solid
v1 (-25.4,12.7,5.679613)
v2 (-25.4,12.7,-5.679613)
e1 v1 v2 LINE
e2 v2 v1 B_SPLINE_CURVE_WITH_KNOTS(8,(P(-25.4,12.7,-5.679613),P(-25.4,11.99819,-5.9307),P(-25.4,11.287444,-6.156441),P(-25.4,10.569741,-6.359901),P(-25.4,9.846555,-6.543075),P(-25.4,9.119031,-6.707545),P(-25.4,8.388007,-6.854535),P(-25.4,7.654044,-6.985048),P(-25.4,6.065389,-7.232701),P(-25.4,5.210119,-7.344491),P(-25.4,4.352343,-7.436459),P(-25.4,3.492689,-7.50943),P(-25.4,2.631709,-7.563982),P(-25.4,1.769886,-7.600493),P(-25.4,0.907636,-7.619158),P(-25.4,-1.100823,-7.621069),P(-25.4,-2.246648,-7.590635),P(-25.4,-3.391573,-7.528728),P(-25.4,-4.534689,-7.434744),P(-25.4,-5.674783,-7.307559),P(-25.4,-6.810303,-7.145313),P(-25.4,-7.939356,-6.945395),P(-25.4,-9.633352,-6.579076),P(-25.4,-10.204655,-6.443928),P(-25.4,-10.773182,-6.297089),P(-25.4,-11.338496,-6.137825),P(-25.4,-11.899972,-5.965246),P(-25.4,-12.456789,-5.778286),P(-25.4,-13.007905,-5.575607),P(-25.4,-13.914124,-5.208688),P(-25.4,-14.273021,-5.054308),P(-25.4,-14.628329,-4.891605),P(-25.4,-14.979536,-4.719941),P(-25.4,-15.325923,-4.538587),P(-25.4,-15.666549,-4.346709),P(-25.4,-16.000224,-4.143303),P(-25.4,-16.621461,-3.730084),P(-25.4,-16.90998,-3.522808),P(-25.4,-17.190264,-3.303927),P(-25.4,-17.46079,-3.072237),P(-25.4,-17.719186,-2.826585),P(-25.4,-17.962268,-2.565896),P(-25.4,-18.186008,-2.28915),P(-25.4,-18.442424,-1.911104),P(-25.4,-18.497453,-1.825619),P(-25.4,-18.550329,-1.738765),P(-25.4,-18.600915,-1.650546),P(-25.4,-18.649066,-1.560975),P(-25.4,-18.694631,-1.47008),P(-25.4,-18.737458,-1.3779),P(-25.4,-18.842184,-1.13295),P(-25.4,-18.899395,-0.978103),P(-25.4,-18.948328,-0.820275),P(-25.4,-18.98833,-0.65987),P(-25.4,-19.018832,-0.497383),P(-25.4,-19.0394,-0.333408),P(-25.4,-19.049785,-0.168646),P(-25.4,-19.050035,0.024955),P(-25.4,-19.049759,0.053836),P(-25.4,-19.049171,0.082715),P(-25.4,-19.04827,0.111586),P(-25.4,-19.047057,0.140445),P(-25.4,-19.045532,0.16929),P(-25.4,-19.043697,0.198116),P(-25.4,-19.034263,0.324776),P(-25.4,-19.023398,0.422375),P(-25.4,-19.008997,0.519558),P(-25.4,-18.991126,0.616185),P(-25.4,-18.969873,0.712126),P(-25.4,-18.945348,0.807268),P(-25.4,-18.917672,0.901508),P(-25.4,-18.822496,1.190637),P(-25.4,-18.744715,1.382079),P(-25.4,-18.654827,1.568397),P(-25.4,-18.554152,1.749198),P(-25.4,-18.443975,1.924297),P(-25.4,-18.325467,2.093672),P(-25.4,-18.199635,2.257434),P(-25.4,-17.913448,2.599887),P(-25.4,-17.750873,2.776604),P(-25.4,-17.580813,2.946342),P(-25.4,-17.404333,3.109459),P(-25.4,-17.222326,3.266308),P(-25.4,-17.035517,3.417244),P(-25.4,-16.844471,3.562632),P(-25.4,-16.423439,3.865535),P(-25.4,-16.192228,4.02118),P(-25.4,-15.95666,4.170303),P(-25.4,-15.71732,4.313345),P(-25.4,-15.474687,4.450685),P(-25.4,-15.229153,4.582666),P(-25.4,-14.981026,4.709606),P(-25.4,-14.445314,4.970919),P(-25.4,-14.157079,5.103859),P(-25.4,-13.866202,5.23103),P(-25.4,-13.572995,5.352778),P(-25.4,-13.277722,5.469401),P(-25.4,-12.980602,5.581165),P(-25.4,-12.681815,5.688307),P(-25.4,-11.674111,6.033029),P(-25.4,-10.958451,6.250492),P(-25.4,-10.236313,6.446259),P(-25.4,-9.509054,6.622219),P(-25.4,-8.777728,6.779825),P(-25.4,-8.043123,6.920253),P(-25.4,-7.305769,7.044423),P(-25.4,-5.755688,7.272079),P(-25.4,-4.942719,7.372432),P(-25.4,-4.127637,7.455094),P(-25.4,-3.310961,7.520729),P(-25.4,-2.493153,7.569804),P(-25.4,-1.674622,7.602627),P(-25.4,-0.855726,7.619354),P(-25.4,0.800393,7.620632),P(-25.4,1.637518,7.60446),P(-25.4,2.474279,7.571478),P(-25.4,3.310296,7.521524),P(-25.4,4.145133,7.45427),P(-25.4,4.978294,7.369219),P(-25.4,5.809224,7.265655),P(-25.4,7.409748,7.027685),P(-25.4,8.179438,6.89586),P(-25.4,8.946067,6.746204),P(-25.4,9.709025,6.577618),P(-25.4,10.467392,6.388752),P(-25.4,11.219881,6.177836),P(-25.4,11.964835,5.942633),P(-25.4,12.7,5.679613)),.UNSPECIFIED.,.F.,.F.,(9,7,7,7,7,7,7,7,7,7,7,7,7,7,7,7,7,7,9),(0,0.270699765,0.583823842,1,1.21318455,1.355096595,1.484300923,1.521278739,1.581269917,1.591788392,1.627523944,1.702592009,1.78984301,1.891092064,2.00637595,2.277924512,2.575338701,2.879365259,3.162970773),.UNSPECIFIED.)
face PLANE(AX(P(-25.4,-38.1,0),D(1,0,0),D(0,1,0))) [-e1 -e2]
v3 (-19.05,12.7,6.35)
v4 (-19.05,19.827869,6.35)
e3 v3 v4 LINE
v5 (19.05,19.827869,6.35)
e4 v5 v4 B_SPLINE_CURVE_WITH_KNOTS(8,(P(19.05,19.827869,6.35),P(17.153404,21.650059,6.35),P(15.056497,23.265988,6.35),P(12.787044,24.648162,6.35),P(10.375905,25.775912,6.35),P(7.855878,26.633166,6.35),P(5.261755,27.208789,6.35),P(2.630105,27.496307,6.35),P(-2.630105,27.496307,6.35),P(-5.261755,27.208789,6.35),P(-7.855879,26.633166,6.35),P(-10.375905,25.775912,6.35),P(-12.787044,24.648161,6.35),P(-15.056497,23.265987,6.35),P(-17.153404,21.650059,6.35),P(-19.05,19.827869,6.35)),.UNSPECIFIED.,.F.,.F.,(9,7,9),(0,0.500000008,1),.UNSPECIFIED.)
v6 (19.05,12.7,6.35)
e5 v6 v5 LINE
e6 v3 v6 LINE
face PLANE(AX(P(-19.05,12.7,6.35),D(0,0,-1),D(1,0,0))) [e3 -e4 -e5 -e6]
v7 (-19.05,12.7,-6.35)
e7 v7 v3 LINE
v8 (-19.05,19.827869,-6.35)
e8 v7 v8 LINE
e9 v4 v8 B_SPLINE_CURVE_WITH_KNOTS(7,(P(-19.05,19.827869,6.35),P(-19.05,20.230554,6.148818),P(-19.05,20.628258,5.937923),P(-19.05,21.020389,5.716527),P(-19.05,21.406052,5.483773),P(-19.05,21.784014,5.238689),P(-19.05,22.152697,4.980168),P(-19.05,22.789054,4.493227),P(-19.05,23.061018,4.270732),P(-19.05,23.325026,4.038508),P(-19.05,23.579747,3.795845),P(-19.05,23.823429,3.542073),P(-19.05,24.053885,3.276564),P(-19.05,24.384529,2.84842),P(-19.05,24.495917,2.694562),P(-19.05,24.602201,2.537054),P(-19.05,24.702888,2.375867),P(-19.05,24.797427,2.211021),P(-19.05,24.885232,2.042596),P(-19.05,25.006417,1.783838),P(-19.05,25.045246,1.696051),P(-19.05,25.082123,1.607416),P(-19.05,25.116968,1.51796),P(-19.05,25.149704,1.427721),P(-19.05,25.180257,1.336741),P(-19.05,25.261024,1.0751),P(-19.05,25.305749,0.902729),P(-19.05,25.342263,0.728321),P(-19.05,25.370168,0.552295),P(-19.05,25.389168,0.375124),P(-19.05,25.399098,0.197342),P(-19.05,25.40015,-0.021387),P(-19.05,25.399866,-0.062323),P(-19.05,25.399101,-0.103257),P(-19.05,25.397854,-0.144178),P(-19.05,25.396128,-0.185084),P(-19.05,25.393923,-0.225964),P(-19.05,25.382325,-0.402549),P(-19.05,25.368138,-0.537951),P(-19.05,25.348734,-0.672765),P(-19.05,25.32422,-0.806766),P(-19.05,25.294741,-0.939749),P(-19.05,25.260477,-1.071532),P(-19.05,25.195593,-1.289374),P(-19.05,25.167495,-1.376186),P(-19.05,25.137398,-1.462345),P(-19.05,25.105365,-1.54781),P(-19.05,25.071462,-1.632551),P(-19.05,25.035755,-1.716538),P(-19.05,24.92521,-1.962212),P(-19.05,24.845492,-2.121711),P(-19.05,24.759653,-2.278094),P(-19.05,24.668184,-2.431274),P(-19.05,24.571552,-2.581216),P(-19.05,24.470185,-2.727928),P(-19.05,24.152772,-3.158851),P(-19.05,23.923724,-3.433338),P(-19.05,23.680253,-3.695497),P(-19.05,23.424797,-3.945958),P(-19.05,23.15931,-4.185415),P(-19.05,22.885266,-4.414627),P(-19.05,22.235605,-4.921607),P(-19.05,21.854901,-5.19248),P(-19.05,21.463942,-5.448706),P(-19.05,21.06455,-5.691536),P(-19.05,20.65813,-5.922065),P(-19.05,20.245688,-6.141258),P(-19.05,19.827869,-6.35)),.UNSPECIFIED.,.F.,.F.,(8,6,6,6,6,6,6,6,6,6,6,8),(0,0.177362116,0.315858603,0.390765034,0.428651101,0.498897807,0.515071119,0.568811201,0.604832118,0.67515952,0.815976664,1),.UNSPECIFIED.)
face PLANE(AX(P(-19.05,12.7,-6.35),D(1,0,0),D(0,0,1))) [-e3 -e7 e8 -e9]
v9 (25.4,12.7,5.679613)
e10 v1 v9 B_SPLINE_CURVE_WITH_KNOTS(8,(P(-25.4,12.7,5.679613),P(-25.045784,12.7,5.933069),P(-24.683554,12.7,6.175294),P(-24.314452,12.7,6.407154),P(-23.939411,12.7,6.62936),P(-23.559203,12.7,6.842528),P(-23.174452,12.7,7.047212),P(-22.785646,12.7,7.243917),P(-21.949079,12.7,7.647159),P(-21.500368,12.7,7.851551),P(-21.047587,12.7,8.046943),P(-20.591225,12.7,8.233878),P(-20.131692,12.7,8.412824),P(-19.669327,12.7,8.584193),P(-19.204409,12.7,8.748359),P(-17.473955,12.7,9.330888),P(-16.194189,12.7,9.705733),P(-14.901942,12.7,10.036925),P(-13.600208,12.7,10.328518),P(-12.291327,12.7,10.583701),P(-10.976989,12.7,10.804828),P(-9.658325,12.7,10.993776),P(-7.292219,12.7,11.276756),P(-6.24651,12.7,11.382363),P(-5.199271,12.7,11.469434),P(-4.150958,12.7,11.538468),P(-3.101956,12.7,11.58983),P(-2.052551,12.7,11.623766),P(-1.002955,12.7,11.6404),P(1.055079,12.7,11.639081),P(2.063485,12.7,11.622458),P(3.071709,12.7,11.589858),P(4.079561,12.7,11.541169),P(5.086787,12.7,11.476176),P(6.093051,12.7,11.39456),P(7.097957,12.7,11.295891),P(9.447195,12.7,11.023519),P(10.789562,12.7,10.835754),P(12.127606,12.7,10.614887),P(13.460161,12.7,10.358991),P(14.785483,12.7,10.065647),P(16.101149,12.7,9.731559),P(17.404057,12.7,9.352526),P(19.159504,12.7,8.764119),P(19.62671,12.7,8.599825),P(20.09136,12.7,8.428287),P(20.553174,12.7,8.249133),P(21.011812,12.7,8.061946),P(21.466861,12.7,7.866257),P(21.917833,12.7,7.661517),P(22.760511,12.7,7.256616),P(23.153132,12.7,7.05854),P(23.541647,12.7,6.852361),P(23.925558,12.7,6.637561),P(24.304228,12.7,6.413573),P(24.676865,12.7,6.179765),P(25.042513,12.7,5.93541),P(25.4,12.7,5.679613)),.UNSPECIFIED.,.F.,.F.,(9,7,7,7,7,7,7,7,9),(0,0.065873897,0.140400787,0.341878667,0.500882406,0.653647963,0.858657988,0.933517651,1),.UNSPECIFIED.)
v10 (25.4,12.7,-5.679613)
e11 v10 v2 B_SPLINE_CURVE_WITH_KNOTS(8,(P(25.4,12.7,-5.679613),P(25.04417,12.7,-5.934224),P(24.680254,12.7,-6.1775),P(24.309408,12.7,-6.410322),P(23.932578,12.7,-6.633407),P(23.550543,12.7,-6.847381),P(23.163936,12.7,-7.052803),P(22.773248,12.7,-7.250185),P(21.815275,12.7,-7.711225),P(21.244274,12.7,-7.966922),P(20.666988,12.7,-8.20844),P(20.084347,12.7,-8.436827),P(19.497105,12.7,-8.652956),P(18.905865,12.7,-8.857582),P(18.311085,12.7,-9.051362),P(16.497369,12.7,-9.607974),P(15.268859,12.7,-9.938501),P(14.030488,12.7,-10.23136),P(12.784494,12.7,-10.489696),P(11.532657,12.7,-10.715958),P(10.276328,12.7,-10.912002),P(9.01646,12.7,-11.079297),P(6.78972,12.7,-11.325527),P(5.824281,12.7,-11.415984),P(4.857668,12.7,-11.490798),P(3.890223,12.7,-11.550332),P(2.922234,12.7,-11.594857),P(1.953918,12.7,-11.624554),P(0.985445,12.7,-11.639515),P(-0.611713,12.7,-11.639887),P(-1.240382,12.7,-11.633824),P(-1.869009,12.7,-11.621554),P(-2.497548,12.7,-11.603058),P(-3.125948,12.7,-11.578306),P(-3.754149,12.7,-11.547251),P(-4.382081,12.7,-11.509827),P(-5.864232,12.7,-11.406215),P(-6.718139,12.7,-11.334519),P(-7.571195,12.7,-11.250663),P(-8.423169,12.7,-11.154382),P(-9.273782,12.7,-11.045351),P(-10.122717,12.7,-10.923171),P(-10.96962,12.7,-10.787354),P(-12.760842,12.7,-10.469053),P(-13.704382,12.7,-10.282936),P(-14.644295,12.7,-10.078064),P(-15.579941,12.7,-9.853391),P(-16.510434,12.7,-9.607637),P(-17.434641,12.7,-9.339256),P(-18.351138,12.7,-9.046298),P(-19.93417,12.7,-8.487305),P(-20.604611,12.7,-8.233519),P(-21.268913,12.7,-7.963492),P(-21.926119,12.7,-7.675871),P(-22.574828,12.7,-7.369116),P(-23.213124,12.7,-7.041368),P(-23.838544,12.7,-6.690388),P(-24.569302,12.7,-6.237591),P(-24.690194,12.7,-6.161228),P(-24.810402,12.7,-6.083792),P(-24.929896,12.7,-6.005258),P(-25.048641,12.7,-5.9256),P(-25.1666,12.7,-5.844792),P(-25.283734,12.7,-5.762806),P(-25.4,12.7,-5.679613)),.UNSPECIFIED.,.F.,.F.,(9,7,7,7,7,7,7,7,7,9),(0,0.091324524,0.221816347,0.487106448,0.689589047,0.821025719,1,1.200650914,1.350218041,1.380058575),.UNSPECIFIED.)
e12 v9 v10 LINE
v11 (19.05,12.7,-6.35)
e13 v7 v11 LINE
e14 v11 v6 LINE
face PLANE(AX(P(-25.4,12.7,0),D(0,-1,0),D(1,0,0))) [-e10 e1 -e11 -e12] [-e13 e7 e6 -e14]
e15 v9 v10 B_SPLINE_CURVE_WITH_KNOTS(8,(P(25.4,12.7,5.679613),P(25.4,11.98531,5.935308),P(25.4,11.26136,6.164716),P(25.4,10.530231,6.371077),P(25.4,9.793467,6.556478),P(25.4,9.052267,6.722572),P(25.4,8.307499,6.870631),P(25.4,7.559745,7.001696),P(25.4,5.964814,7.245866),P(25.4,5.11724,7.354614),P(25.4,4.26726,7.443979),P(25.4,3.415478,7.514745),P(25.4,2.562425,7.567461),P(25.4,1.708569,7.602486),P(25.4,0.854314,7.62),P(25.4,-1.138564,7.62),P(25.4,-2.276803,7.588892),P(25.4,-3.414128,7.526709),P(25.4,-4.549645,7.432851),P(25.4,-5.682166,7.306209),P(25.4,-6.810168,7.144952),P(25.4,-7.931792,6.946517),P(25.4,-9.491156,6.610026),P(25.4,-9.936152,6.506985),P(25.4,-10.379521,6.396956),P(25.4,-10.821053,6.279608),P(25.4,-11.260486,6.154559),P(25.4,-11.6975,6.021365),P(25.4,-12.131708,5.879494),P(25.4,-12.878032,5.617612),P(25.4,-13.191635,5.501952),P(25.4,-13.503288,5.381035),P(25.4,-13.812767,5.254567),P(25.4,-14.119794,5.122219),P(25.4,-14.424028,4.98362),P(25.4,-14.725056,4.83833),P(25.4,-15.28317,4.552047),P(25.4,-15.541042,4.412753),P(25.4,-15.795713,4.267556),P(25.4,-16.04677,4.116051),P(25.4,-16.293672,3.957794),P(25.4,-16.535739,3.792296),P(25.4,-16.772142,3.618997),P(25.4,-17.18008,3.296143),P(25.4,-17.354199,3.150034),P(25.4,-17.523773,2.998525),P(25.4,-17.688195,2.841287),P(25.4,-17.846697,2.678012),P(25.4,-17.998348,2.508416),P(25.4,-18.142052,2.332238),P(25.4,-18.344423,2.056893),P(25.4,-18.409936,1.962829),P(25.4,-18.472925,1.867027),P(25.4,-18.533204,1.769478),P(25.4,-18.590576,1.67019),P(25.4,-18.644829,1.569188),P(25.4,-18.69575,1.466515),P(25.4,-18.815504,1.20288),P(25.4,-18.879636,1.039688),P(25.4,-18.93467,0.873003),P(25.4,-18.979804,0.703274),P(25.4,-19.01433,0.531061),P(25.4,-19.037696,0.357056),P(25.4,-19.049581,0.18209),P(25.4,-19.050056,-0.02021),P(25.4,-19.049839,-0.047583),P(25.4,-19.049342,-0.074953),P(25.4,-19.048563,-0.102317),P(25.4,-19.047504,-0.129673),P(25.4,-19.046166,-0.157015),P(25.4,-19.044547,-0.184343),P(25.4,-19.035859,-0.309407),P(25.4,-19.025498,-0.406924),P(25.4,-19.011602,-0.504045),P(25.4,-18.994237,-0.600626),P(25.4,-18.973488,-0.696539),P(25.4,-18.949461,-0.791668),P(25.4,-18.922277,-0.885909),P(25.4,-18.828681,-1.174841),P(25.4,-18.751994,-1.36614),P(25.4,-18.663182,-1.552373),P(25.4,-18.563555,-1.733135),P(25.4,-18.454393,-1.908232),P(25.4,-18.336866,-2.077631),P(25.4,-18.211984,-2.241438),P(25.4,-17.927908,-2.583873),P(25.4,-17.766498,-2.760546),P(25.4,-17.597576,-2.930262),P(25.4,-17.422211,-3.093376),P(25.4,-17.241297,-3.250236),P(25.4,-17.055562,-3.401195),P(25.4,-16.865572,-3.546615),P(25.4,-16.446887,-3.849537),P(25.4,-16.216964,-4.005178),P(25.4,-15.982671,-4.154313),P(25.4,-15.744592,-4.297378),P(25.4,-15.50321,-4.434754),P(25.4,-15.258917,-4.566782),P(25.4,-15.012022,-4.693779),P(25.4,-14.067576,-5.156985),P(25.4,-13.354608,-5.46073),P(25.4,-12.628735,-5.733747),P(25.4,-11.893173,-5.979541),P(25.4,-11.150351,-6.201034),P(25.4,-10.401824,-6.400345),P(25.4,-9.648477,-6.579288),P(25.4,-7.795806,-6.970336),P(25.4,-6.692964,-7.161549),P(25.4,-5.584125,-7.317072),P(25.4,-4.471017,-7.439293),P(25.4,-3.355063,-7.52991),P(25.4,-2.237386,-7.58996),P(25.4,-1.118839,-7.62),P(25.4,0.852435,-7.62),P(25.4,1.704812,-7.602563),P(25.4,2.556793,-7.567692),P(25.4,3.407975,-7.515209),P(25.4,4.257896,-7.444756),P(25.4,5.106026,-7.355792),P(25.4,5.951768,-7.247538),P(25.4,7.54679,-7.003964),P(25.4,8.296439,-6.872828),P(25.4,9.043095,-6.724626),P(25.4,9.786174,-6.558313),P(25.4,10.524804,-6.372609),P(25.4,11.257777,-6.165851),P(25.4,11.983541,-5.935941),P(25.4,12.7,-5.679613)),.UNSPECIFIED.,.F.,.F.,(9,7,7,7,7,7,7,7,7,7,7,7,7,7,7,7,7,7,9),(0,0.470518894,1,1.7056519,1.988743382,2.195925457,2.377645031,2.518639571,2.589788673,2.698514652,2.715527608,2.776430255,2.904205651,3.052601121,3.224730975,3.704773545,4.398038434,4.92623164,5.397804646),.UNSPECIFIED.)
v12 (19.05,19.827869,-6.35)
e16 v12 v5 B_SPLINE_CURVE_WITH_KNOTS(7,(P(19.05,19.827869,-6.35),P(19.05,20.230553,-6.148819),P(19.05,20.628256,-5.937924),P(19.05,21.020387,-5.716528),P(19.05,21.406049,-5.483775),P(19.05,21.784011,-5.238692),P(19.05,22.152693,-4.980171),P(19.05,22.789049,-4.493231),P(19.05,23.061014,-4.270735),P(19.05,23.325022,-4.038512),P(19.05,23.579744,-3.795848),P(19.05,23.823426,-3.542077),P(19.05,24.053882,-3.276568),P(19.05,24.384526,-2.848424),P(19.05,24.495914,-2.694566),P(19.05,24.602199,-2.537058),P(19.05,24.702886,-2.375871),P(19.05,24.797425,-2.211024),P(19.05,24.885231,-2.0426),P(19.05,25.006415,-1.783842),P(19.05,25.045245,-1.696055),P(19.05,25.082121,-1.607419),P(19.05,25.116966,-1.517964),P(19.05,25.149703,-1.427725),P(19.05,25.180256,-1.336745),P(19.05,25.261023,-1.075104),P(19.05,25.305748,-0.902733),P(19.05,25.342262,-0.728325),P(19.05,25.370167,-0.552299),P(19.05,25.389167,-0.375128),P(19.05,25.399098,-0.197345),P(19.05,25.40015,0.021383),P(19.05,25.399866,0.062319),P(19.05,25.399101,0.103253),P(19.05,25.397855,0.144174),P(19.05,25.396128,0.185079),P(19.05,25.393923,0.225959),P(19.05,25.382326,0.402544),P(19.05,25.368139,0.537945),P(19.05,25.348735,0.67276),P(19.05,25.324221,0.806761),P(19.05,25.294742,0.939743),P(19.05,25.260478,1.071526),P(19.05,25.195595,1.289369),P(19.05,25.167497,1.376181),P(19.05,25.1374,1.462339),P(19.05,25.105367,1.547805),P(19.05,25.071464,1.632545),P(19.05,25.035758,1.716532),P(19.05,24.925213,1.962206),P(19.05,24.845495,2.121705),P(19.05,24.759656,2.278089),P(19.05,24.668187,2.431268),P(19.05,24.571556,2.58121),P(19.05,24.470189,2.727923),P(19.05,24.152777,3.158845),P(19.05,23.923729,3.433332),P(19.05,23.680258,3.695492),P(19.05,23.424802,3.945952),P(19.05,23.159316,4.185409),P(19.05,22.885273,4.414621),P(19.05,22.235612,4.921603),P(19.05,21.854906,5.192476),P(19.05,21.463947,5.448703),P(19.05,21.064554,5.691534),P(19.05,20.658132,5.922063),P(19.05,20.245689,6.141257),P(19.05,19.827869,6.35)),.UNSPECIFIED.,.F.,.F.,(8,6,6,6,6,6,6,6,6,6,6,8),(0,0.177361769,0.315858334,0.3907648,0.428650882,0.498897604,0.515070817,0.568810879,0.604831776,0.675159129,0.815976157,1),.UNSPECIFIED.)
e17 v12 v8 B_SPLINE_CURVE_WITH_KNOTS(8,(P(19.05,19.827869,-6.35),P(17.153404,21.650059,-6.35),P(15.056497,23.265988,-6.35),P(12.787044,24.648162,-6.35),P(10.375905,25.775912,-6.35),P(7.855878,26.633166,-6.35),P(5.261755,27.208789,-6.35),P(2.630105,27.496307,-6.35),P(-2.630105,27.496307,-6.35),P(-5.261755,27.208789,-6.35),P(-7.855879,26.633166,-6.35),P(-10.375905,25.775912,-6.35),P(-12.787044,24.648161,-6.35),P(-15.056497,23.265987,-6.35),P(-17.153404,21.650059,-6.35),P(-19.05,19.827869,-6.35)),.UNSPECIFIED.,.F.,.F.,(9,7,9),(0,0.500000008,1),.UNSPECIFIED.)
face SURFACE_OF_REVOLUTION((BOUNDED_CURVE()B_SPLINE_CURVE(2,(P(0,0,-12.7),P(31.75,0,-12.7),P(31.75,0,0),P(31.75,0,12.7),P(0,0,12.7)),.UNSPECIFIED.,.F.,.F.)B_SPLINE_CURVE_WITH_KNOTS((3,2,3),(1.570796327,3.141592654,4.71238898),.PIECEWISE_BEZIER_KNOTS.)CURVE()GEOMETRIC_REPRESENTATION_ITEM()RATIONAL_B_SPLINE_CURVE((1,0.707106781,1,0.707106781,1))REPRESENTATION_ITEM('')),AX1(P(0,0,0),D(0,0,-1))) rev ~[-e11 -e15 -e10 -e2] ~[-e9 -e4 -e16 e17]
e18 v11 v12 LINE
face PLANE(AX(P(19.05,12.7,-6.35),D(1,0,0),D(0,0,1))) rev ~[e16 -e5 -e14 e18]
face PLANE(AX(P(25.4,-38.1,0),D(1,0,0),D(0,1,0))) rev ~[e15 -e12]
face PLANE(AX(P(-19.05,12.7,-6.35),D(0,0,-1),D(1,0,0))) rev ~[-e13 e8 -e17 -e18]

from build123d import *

# Parameters (mm, degrees)
F2_W     = 50.8
F2_H     = 50.8
F3_DEPTH = 12.7
F4_W     = 38.1
F4_H     = 12.7
F5_DEPTH = 25.4


with BuildPart() as f1:
    # F0 (on Front) → F1 (revolve)
    with BuildSketch(Plane.XZ):
        with BuildLine():
            Line((0, 12.7), (0, -12.7))
            add(Edge.make_bspline(
                [(0, -12.7), (31.75, -12.7), (31.75, 0), (31.75, 12.7), (0, 12.7)],
                knots=[1.5707963268, 1.5707963268, 1.5707963268, 3.1415926536, 3.1415926536, 4.7123889804, 4.7123889804, 4.7123889804], degree=2, weights=[1, 0.7071067812, 1, 0.7071067812, 1]))
        make_face()
    revolve(axis=Axis((0, 0, 0), (0, 0, -1)))

    # F2 (on Top) → F3 (cut, symmetric)
    with BuildSketch(Plane.XY):
        with Locations((0, -12.7)):
            Rectangle(F2_W, F2_H)
    extrude(amount=F3_DEPTH, both=True, mode=Mode.SUBTRACT)

    # F4 (on face) → F5 (cut)
    with BuildSketch(Plane.XZ.offset(-12.7)):
        Rectangle(F4_W, F4_H)
    extrude(amount=-F5_DEPTH, mode=Mode.SUBTRACT)


solid = f1.part
